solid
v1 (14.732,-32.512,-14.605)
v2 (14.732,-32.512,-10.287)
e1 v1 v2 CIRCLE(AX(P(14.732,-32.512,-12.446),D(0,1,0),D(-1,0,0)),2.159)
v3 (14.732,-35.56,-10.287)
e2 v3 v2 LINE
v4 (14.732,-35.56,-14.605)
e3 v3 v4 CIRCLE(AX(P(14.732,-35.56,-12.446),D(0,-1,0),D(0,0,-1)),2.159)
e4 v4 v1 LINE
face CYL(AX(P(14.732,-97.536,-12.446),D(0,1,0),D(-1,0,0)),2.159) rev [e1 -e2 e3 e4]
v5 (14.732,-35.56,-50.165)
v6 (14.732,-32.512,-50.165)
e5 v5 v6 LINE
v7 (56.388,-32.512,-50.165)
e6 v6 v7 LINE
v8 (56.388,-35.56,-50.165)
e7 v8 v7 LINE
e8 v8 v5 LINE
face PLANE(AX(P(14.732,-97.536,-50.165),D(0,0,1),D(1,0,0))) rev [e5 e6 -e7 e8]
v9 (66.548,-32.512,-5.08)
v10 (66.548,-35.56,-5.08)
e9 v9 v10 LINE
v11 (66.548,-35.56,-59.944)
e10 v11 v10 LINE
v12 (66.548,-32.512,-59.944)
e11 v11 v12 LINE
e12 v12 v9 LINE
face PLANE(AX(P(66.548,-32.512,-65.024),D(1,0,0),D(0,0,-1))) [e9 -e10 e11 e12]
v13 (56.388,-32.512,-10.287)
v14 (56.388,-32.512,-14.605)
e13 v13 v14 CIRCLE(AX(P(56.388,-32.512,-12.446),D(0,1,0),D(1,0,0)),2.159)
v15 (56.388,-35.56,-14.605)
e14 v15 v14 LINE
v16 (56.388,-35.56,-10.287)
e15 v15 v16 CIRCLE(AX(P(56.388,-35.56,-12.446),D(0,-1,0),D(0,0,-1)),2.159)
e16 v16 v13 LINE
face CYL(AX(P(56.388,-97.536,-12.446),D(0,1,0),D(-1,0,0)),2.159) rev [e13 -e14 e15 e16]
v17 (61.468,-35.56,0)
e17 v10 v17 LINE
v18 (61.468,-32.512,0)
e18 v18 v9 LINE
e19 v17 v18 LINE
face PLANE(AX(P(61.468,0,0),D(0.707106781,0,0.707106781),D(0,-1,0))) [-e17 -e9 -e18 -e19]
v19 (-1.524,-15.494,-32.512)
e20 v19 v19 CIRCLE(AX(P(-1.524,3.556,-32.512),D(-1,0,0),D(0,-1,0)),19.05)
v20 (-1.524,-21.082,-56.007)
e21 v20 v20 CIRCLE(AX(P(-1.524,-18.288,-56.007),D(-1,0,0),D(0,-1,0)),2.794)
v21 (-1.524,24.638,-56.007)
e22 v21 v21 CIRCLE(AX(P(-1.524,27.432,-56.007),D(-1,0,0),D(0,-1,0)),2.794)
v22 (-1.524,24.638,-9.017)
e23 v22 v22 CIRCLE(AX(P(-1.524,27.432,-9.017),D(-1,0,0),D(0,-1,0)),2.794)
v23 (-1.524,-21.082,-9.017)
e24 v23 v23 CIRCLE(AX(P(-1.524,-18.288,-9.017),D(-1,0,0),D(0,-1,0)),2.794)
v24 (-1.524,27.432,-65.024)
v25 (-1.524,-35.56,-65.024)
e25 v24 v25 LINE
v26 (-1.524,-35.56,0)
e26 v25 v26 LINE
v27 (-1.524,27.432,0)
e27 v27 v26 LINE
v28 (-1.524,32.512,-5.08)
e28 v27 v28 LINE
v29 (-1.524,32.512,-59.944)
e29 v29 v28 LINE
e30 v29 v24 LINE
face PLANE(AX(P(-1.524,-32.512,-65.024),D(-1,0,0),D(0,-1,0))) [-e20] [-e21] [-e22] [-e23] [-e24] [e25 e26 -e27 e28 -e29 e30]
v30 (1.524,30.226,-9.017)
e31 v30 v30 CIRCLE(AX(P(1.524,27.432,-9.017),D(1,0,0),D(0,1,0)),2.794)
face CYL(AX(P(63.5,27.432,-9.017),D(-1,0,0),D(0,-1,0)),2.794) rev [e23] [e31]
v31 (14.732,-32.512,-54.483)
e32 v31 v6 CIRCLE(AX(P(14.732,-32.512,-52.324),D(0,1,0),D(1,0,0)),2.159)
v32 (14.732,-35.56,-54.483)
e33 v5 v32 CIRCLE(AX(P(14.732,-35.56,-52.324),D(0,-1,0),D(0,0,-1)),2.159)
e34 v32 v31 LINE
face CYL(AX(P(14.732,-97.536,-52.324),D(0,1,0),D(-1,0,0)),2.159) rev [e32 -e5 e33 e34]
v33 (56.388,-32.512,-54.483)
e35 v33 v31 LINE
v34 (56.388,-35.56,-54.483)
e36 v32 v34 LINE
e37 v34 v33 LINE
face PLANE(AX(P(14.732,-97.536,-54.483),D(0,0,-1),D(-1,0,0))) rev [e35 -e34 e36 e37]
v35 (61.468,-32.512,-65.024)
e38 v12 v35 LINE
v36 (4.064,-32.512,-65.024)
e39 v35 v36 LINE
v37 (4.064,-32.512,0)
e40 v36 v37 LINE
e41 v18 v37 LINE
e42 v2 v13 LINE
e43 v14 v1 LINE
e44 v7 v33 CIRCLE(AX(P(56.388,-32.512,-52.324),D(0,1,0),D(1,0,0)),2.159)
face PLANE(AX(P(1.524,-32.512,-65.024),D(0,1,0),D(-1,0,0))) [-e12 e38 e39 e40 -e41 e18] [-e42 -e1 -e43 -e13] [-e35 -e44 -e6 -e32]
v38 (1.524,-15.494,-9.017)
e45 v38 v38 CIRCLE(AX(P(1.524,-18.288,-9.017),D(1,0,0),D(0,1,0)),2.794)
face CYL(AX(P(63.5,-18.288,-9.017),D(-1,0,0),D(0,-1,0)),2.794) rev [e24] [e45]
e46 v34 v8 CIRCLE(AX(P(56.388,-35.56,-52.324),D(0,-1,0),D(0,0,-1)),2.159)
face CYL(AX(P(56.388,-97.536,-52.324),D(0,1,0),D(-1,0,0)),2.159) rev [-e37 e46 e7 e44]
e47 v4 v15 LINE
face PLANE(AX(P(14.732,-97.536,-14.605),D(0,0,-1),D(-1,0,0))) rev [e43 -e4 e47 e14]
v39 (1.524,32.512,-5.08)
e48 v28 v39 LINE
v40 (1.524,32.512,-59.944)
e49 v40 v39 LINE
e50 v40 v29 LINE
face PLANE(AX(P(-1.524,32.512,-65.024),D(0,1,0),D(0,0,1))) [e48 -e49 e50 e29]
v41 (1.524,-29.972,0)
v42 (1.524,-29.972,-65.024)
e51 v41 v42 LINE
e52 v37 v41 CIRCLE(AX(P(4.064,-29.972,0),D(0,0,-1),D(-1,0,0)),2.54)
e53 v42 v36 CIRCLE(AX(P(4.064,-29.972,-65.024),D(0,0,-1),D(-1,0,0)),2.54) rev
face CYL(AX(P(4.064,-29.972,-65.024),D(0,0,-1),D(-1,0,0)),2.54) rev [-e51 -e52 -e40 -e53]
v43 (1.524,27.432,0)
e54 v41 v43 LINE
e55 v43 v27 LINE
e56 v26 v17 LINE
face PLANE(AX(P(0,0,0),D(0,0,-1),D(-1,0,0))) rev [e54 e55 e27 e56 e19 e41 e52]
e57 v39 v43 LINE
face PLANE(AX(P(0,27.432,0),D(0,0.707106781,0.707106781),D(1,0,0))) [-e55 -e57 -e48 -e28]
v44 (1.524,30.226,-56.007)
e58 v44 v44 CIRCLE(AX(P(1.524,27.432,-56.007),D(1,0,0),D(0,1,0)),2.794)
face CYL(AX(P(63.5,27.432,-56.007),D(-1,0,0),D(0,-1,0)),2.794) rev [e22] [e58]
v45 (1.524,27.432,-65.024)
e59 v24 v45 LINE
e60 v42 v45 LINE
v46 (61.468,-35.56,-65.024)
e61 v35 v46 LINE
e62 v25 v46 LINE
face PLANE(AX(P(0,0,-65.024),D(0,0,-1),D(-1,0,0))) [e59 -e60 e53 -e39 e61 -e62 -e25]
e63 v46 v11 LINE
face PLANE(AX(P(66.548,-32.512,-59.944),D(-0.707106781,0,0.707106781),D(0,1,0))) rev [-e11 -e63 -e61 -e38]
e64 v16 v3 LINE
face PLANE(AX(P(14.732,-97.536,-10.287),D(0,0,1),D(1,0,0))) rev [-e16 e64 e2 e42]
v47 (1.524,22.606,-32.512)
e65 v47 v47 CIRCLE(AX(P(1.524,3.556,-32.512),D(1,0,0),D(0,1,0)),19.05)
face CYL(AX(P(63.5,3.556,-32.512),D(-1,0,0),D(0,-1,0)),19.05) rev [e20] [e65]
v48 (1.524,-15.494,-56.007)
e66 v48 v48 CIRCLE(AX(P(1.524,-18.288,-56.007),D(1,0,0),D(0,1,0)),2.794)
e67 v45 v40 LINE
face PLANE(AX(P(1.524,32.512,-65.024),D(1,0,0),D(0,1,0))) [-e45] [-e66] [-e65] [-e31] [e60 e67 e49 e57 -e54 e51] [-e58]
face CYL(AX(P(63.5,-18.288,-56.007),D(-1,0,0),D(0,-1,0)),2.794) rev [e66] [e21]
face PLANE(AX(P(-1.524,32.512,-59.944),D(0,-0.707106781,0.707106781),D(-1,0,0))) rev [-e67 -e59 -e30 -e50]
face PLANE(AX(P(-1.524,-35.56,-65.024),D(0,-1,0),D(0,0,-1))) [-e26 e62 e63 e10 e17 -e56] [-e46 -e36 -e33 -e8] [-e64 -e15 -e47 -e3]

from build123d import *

# Parameters (mm, degrees)
BOSS_EXTRUDE1_DEPTH = 65.024
CUT_EXTRUDE1_DEPTH  = 65.024
SKETCH3_R           = 19.05
SKETCH3_R_2         = 2.794
CUT_EXTRUDE2_DEPTH  = 65.024
FILLET1_R           = 2.54
CHAMFER1_SIZE       = 5.08


with BuildPart() as part:
    # Sketch1 → Boss-Extrude1 (new body)
    with BuildSketch(Plane.XY):
        Polygon((-1.524, 32.512), (1.524, 32.512), (1.524, -32.512), (66.548, -32.512), (66.548, -35.56), (-1.524, -35.56), (-1.524, -32.512), align=None)
    extrude(amount=-BOSS_EXTRUDE1_DEPTH)

    # Sketch2 → Cut-Extrude1 (cut)
    with BuildSketch(Plane(origin=(0, -32.512, 0), x_dir=(1, 0, 0), z_dir=(0, 1, 0))):
        with BuildLine():
            Line((14.732, 14.605), (56.388, 14.605))
            ThreePointArc((56.388, 14.605), (58.547, 12.446), (56.388, 10.287))
            Line((56.388, 10.287), (14.732, 10.287))
            ThreePointArc((14.732, 10.287), (12.573, 12.446), (14.732, 14.605))
        make_face()
        with BuildLine():
            Line((14.732, 54.483), (56.388, 54.483))
            ThreePointArc((56.388, 54.483), (58.547, 52.324), (56.388, 50.165))
            Line((56.388, 50.165), (14.732, 50.165))
            ThreePointArc((14.732, 50.165), (12.573, 52.324), (14.732, 54.483))
        make_face()
    extrude(amount=-CUT_EXTRUDE1_DEPTH, mode=Mode.SUBTRACT)

    # Sketch3 → Cut-Extrude2 (cut)
    with BuildSketch(Plane.ZY.offset(1.524)):
        with Locations((-32.512, 3.556)):
            Circle(SKETCH3_R)
        with Locations((-56.007, -18.288)):
            Circle(SKETCH3_R_2)
        with Locations((-9.017, -18.288)):
            Circle(SKETCH3_R_2)
        with Locations((-9.017, 27.432)):
            Circle(SKETCH3_R_2)
        with Locations((-56.007, 27.432)):
            Circle(SKETCH3_R_2)
    extrude(amount=-CUT_EXTRUDE2_DEPTH, mode=Mode.SUBTRACT)

    # Fillet1
    fillet1_edges = [part.edges().sort_by_distance(p)[0] for p in [
        (1.524, -32.512, -32.512),
    ]]
    fillet(fillet1_edges, radius=FILLET1_R)

    # Chamfer1
    chamfer1_edges = [part.edges().sort_by_distance(p)[0] for p in [
        (0, 32.512, -65.024),
        (66.548, -34.036, -65.024),
        (66.548, -34.036, 0),
        (0, 32.512, 0),
    ]]
    chamfer(chamfer1_edges, length=CHAMFER1_SIZE)


solid = part.part
